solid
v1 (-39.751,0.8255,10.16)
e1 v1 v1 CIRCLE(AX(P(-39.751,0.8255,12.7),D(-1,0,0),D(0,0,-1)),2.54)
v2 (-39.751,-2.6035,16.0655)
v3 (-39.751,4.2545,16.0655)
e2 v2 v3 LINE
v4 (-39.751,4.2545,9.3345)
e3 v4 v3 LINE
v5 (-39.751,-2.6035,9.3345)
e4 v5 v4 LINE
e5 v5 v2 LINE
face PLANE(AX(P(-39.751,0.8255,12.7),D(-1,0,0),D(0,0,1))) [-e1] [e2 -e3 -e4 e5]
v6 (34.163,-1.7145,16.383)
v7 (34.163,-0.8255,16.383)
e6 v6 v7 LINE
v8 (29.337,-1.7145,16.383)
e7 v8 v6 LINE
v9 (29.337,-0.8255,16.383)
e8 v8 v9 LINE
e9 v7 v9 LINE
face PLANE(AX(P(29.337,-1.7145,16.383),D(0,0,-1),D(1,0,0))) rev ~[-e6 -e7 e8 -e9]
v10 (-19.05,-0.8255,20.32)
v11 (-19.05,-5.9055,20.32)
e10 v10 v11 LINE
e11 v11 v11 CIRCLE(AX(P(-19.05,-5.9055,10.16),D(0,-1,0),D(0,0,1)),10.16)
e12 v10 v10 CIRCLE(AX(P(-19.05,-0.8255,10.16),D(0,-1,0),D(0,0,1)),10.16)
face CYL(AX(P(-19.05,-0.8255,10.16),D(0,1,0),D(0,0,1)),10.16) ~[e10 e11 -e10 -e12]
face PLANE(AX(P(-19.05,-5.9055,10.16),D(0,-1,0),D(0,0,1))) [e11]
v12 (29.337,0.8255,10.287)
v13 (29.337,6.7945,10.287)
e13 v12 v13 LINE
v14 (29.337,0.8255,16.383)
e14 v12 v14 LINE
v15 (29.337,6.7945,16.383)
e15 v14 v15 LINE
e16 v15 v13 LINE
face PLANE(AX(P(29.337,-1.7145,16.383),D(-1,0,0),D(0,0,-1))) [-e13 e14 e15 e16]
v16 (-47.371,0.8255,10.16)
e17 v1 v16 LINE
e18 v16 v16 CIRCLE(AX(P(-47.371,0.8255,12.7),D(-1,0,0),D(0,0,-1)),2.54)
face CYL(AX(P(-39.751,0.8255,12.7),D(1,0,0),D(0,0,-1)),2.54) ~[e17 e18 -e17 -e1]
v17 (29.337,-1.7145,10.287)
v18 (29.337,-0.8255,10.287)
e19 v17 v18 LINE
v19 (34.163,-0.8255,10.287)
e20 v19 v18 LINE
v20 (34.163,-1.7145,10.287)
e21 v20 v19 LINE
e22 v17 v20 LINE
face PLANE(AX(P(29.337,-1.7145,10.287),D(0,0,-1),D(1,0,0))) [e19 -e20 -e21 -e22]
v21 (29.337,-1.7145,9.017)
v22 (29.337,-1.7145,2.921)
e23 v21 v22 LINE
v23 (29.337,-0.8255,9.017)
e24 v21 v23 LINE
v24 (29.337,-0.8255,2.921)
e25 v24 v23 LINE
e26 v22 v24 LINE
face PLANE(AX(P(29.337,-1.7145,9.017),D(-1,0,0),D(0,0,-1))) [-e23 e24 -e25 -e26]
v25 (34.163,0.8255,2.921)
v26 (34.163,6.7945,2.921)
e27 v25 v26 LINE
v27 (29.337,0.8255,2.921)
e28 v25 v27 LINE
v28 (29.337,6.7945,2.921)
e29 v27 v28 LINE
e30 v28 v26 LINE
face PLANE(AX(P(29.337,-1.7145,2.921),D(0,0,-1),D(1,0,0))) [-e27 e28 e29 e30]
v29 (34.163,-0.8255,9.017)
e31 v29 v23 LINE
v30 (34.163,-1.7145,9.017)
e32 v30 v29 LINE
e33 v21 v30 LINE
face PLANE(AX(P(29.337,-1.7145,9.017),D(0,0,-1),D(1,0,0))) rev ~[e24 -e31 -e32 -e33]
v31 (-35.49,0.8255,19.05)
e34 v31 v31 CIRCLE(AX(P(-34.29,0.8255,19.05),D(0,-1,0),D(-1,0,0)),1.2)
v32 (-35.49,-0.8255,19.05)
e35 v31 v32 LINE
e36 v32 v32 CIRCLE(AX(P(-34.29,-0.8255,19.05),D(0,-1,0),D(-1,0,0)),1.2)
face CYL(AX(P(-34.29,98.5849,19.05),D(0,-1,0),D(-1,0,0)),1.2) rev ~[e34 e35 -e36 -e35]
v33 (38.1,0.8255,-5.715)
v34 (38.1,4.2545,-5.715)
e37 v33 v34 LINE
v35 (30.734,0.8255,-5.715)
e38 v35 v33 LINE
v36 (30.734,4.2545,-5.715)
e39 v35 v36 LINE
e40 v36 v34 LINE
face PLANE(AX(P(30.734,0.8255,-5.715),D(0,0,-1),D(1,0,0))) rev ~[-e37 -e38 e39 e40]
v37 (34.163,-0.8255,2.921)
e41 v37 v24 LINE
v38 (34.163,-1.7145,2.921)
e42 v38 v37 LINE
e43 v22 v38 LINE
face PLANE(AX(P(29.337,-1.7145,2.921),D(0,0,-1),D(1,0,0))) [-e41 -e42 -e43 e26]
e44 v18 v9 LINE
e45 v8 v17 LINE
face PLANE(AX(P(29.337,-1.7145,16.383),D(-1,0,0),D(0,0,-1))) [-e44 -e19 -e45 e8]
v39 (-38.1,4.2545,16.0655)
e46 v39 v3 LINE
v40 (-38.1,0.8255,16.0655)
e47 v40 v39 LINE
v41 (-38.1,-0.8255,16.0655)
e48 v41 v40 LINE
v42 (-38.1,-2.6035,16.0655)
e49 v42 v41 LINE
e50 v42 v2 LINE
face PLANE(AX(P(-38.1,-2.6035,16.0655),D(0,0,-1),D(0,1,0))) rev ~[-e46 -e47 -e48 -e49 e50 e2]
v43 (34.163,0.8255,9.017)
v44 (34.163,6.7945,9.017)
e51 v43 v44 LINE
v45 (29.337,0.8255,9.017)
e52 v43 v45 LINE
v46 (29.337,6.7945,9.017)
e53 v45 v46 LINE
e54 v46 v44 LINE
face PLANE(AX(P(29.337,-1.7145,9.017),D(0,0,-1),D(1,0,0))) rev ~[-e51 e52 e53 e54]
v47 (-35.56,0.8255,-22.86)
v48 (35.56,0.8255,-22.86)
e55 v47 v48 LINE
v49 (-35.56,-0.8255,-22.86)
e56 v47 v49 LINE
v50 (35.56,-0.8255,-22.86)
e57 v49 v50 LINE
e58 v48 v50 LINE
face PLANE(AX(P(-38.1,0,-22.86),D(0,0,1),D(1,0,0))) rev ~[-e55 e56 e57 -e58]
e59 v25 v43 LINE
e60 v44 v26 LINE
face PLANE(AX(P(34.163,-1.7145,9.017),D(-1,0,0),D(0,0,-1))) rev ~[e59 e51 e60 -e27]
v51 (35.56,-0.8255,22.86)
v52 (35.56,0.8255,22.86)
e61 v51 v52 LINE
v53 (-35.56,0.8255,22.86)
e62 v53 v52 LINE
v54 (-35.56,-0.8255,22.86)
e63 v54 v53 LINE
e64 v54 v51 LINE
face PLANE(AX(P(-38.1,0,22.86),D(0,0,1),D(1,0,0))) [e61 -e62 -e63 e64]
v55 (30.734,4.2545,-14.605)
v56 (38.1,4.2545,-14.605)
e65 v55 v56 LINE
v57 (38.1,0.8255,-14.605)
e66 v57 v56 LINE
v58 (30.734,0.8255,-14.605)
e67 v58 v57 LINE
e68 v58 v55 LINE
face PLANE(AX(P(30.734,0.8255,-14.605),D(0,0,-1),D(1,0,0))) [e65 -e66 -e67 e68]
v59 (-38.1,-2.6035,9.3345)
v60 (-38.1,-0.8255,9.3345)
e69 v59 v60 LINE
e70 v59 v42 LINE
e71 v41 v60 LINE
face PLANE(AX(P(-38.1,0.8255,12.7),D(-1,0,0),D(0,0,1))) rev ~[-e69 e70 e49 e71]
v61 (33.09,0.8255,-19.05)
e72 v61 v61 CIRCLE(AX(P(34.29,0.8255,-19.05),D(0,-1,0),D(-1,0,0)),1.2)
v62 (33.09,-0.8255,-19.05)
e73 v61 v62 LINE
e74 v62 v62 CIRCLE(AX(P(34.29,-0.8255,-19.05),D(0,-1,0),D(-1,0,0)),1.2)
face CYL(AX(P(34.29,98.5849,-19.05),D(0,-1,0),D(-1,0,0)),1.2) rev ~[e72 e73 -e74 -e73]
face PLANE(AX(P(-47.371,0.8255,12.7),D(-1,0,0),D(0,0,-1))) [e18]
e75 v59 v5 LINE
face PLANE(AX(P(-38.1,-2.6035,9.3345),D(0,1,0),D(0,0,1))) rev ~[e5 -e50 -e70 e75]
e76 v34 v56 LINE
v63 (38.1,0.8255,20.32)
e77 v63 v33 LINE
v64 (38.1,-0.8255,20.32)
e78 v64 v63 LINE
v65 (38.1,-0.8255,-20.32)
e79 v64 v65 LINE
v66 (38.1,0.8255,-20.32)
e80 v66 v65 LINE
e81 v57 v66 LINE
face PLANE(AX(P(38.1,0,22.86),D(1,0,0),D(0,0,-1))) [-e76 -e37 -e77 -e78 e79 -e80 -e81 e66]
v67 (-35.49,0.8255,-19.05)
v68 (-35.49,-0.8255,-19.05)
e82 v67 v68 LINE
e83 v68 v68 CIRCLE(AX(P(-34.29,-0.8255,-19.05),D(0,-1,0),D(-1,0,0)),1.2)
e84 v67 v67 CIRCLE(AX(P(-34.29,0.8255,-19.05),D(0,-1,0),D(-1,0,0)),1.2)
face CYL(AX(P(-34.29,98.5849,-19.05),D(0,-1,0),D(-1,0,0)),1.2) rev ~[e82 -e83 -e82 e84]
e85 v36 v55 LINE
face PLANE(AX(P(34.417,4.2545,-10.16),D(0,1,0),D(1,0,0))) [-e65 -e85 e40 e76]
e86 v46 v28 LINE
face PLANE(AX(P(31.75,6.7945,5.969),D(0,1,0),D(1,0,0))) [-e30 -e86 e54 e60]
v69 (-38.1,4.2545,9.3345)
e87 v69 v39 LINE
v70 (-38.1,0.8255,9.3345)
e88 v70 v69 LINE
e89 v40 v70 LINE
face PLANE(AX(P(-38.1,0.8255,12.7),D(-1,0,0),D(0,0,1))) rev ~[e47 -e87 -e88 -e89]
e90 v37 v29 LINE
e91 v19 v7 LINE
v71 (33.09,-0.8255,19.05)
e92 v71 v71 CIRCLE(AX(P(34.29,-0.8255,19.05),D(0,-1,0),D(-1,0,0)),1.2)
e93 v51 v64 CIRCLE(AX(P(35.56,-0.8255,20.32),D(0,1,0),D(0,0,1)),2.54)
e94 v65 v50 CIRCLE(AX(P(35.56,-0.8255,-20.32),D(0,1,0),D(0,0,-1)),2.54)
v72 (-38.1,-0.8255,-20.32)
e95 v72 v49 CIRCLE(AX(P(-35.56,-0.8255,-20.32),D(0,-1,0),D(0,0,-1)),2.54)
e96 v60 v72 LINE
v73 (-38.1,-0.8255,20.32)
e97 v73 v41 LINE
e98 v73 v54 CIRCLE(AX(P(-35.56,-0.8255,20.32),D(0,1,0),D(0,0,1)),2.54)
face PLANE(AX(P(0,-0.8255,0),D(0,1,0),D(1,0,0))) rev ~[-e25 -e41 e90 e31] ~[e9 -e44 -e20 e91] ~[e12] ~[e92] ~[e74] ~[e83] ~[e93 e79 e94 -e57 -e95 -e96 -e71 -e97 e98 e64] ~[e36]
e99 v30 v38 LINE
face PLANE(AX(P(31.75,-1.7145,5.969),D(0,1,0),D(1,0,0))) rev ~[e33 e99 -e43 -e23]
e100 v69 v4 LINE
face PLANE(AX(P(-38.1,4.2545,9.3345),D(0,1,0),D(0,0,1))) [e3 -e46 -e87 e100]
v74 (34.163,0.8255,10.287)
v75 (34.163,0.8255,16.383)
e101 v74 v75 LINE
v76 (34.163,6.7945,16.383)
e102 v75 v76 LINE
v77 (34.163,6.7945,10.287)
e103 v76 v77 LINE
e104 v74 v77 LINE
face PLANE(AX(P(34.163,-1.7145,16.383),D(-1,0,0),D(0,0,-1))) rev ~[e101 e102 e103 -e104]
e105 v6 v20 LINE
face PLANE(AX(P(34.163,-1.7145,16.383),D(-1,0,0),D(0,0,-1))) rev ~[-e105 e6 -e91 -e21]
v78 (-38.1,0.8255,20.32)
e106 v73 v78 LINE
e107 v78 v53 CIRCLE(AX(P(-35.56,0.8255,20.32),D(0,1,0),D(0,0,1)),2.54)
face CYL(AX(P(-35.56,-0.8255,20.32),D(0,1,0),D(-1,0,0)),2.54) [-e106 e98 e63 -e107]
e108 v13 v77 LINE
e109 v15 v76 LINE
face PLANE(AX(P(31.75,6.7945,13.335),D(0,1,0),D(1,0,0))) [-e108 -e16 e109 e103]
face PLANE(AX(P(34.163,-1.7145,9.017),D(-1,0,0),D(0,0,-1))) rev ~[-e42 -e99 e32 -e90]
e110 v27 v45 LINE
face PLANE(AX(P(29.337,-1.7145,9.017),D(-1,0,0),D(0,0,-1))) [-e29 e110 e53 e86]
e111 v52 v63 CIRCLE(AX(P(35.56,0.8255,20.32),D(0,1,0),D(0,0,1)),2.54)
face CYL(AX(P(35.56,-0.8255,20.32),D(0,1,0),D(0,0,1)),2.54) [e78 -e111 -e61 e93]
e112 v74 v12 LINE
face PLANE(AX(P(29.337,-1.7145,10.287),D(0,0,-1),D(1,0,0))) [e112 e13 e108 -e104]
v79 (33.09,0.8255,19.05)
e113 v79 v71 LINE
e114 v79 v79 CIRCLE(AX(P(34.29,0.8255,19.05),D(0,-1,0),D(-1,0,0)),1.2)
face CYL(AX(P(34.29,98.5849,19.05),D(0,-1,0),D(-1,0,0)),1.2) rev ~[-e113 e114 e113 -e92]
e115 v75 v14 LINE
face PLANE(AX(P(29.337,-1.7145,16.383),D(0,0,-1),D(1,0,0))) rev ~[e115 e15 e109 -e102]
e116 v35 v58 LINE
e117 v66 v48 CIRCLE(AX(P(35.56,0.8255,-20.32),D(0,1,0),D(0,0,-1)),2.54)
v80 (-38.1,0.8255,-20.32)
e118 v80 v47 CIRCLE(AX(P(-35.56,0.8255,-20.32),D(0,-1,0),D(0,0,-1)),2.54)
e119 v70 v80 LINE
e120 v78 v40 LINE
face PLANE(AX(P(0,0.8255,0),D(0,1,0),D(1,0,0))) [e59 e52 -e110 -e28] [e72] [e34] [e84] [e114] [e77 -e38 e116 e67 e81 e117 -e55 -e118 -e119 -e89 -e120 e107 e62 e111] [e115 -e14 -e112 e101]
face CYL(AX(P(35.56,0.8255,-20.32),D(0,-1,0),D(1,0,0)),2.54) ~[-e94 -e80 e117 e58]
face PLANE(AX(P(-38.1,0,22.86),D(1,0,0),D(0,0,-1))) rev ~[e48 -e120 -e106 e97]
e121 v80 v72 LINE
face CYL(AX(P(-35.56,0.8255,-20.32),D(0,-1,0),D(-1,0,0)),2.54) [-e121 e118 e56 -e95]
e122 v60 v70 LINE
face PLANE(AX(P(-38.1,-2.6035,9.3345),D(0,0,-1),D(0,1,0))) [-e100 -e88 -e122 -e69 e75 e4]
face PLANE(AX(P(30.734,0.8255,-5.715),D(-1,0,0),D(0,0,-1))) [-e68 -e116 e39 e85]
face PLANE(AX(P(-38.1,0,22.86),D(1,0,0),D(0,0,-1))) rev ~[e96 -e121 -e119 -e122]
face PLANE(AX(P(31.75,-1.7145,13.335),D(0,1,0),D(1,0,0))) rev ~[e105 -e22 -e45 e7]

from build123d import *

# Parameters (mm, degrees)
SKETCH1_W                = 76.2
SKETCH1_H                = 45.72
BOSS_EXTRUDE1_DEPTH      = 0.8255
SKETCH2_R                = 10.16
BOSS_EXTRUDE2_DEPTH      = 5.08
SKETCH3_W                = 6.731
SKETCH3_H                = 6.858
BOSS_EXTRUDE3_DEPTH      = 1.651
SKETCH4_R                = 2.54
BOSS_EXTRUDE4_DEPTH      = 7.62
BOSS_EXTRUDE5_DEPTH      = 5.969
BOSS_EXTRUDE5_DEPTH_BACK = 2.54
SKETCH5_W                = 4.826
SKETCH5_H                = 6.096
SKETCH6_W                = 7.366
SKETCH6_H                = 8.89
BOSS_EXTRUDE6_DEPTH      = 3.429
M2_CLEARANCE_HOLE1_D     = 2.4
FILLET1_R                = 2.54


with BuildPart() as part:
    # Sketch1 → Boss-Extrude1 (new, symmetric)
    with BuildSketch(Plane(origin=(0, 0, 0), x_dir=(1, 0, 0), z_dir=(0, 1, 0))):
        Rectangle(SKETCH1_W, SKETCH1_H)
    extrude(amount=BOSS_EXTRUDE1_DEPTH, both=True)

    # Sketch2 → Boss-Extrude2 (add)
    with BuildSketch(Plane.XZ.offset(0.8255)):
        with Locations(Location((-19.05, 10.16, 0), (0, 0, 90))):
            Circle(SKETCH2_R)
    extrude(amount=BOSS_EXTRUDE2_DEPTH)

    # Sketch3 → Boss-Extrude3 (add)
    with BuildSketch(Plane.ZY.offset(38.1)):
        with Locations((12.7, 0.8255)):
            Rectangle(SKETCH3_W, SKETCH3_H)
    extrude(amount=BOSS_EXTRUDE3_DEPTH)

    # Sketch4 → Boss-Extrude4 (add)
    with BuildSketch(Plane.ZY.offset(39.751)):
        with Locations(Location((12.7, 0.8255, 0), (0, 0, 180))):
            Circle(SKETCH4_R)
    extrude(amount=BOSS_EXTRUDE4_DEPTH)

    # Sketch5 → Boss-Extrude5 (add, two sides: drawn at the far end of the back side and taken through both)
    with BuildSketch(Plane(origin=(0, 0.8255, 0), x_dir=(1, 0, 0), z_dir=(0, 1, 0)).offset(-BOSS_EXTRUDE5_DEPTH_BACK)):
        with Locations((31.75, -13.335)):
            Rectangle(SKETCH5_W, SKETCH5_H)
        with Locations((31.75, -5.969)):
            Rectangle(SKETCH5_W, SKETCH5_H)
    extrude(amount=BOSS_EXTRUDE5_DEPTH + BOSS_EXTRUDE5_DEPTH_BACK)

    # Sketch6 → Boss-Extrude6 (add)
    with BuildSketch(Plane(origin=(0, 0.8255, 0), x_dir=(1, 0, 0), z_dir=(0, 1, 0))):
        with Locations((34.417, 10.16)):
            Rectangle(SKETCH6_W, SKETCH6_H)
    extrude(amount=BOSS_EXTRUDE6_DEPTH)

    # M2 Clearance Hole1 (through all)
    with Locations(Plane(origin=(0, 0.8255, 0), x_dir=(1, 0, 0), z_dir=(0, 1, 0))):
        with Locations((-34.29, 19.05), (34.29, 19.05), (-34.29, -19.05), (34.29, -19.05)):
            Hole(M2_CLEARANCE_HOLE1_D / 2)

    # Fillet1
    fillet1_edges = [part.edges().sort_by_distance(p)[0] for p in [
        (38.1, 0, 22.86),
        (-38.1, 0, 22.86),
        (-38.1, 0, -22.86),
        (38.1, 0, -22.86),
    ]]
    fillet(fillet1_edges, radius=FILLET1_R)


solid = part.part
